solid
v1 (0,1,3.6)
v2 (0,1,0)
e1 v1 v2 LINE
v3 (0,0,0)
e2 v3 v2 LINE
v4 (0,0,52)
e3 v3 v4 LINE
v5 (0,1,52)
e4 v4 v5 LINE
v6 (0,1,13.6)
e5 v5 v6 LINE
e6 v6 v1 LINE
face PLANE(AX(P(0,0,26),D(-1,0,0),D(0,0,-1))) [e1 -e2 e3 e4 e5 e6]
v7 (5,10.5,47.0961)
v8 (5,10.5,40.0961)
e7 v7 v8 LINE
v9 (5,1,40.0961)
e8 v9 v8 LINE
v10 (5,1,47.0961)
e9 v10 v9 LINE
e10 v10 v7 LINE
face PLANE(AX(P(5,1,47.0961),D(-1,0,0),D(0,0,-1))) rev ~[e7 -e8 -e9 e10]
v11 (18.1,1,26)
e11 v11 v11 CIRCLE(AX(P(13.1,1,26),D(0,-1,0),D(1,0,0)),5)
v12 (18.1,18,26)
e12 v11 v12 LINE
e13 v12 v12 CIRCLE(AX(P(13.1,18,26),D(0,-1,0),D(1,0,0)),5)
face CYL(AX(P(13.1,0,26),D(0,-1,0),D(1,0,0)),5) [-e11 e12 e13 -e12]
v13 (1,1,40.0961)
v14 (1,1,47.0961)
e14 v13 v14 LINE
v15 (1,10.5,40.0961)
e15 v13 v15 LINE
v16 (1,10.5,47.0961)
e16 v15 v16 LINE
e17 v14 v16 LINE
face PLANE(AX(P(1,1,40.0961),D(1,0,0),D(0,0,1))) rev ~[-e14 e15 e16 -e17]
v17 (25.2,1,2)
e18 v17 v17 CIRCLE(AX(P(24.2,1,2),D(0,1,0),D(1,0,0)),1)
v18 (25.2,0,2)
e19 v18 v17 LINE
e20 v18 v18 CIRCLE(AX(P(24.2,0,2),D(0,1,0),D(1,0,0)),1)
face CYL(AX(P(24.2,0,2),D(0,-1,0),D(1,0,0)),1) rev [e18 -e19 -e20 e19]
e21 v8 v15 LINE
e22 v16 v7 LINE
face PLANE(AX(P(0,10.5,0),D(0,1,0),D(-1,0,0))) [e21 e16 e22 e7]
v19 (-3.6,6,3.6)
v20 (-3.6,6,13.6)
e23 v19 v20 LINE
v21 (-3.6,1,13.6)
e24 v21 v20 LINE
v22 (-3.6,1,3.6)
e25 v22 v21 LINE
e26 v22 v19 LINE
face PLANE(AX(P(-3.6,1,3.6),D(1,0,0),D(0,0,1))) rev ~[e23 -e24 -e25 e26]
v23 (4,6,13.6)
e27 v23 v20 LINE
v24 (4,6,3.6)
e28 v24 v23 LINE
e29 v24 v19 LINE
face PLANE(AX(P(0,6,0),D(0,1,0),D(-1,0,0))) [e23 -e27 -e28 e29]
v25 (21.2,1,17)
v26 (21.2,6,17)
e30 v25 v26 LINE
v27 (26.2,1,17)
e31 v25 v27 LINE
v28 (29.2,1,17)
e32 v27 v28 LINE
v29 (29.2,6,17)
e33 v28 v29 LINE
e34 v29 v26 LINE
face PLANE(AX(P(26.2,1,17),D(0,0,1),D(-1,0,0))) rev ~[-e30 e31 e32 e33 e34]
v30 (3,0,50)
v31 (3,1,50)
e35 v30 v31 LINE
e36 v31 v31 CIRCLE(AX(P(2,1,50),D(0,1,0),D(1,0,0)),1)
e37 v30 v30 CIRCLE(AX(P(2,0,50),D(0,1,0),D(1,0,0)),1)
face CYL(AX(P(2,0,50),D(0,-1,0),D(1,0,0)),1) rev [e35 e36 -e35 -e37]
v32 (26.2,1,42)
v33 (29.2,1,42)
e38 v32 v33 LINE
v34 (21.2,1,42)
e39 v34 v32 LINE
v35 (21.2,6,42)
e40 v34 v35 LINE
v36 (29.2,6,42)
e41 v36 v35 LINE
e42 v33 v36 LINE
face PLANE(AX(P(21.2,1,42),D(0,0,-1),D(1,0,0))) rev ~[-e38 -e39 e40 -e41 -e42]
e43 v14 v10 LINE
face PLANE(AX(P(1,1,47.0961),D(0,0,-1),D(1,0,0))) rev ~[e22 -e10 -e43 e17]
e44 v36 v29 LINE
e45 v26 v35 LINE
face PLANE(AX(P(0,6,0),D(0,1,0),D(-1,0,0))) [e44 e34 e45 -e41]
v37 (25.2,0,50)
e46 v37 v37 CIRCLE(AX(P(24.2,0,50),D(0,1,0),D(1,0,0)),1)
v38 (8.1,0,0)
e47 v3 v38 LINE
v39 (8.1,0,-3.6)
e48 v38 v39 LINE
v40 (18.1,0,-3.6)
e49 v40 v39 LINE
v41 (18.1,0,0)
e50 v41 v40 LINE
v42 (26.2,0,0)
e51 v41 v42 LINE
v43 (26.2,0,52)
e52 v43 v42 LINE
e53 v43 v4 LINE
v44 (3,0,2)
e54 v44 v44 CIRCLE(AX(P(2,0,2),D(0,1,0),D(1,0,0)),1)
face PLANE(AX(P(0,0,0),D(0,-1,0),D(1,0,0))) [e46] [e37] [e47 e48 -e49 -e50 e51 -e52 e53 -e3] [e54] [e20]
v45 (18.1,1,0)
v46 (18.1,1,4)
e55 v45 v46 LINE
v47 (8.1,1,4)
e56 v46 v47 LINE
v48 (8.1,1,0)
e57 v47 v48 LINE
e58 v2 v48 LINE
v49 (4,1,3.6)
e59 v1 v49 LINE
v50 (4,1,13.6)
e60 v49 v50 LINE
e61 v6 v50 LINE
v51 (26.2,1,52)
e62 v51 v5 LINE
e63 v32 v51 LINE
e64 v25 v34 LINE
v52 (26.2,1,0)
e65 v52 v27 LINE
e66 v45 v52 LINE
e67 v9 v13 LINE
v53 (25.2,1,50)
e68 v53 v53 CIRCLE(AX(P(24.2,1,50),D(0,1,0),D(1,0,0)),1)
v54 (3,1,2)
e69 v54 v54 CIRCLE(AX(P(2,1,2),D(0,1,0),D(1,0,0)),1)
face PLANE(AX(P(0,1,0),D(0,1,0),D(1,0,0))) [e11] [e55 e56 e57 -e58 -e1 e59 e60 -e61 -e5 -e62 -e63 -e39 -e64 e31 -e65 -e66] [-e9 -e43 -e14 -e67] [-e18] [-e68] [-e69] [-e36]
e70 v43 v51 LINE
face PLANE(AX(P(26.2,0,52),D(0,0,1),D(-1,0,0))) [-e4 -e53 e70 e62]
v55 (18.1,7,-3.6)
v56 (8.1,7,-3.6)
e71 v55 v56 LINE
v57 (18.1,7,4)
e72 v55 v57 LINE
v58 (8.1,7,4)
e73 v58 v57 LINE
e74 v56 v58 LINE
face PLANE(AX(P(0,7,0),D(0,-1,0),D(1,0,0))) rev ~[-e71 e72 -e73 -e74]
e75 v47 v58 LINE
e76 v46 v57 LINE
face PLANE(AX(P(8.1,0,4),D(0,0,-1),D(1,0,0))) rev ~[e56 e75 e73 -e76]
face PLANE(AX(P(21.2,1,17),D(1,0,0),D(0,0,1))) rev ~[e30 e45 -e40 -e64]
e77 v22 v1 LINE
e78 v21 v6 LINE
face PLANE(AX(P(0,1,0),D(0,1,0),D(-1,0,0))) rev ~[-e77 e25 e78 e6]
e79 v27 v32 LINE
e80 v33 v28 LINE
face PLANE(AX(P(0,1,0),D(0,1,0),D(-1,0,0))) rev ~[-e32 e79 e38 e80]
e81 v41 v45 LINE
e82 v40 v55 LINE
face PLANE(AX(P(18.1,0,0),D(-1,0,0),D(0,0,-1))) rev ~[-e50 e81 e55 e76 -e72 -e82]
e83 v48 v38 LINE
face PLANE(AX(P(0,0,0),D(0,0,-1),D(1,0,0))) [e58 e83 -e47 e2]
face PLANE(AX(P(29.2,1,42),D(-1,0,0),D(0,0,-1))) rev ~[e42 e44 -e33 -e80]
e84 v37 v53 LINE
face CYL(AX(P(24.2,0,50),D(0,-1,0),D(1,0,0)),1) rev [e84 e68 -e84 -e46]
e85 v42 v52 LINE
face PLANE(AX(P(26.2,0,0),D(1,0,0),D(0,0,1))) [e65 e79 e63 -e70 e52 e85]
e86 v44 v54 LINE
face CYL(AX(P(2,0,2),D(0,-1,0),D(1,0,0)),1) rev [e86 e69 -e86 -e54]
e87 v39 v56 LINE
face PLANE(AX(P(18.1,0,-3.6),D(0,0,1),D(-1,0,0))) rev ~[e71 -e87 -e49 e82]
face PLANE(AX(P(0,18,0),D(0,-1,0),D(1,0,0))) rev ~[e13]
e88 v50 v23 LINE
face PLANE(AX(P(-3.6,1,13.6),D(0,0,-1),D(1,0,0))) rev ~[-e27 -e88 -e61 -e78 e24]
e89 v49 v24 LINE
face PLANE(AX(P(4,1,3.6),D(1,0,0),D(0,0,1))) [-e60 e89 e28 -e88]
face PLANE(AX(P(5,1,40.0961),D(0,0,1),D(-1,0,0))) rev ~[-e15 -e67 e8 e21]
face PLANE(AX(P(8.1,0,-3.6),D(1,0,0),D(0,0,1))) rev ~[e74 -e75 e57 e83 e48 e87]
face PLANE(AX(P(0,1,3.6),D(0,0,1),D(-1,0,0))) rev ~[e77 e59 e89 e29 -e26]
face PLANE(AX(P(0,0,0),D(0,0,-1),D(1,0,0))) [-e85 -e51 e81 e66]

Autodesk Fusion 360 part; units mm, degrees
sketch "Sketch1" plane through (0, 0, 0) normal (0, 1, 0) x (1, 0, 0)
  line L0 (0, 0) -> (26.2, 0)
  line L1 (26.2, 0) -> (26.2, -52)
  line L2 (26.2, -52) -> (0, -52)
  line L3 (0, -52) -> (0, 0)
  circle A0 centre (2, -2) radius 1
  circle A1 centre (24.2, -2) radius 1
  line L4 (0, -26) -> (26.2, -26)
  circle A2 centre (2, -50) radius 1
  circle A3 centre (24.2, -50) radius 1
  dimension "d1" = 52
  dimension "d2" = 26.2
  dimension "d3" = 2
  dimension "d4" = 2
  dimension "d5" = 2
  dimension "d6" = 2
  dimension "d7" = 2
  dimension "d8" = 2
extrude "Extrude1" add sketch "Sketch1" along normal blind 1
sketch "Sketch2" plane through (0, 1, 0) normal (0, 1, 0) x (-1, 0, 0)
  circle A0 centre (-2, 2) radius 1
  circle A1 centre (-24.2, 2) radius 1
  circle A2 centre (-2, 50) radius 1
  circle A3 centre (-24.2, 50) radius 1
  line L0 (0, 52) -> (-26.2, 52)
  line L1 (-26.2, 52) -> (-26.2, 0)
  line L2 (-26.2, 0) -> (0, 0)
  line L3 (0, 0) -> (0, 52)
  line L4 (-1, 47.0961) -> (-5, 47.0961)
  line L5 (-5, 47.0961) -> (-5, 40.0961)
  line L6 (-5, 40.0961) -> (-1, 40.0961)
  line L7 (-1, 40.0961) -> (-1, 47.0961)
  line L8 (-21.2, 42) -> (-29.2, 42)
  line L9 (-29.2, 42) -> (-29.2, 17)
  line L10 (-29.2, 17) -> (-21.2, 17)
  line L11 (-21.2, 17) -> (-21.2, 42)
  line L12 (0, 3.6) -> (-4, 3.6)
  line L13 (-4, 3.6) -> (-4, 13.6)
  line L14 (-4, 13.6) -> (0, 13.6)
  line L15 (0, 13.6) -> (0, 3.6)
  line L16 (0, 3.6) -> (3.6, 3.6)
  line L17 (3.6, 3.6) -> (3.6, 13.6)
  line L18 (3.6, 13.6) -> (0, 13.6)
  line L19 (0, 13.6) -> (0, 3.6)
  dimension "d11" = 4
  dimension "d12" = 7
  dimension "d15" = 3
  dimension "d16" = 25
  dimension "d17" = 8
  dimension "d18" = 10
  dimension "d29" = 4
  dimension "d30" = 10
  dimension "d31" = 3.6
  dimension "d32" = 3.6
extrude "Extrude2" add sketch "Sketch2" along normal blind 9.5 contours L4 L5 L6 L7
extrude "Extrude3" add sketch "Sketch2" along normal blind 5 contours L1 L8 L10 L11 | L1 L8 L9 L10
sketch "Sketch3" plane through (0, 0, 0) normal (0, -1, 0) x (1, 0, 0)
  circle A0 centre (2, 2) radius 1
  circle A1 centre (24.2, 2) radius 1
  circle A2 centre (2, 50) radius 1
  circle A3 centre (24.2, 50) radius 1
  line L0 (26.2, 52) -> (0, 52)
  line L1 (0, 52) -> (0, 0)
  line L2 (0, 0) -> (26.2, 0)
  line L3 (26.2, 0) -> (26.2, 52)
  circle A4 centre (13.1, 26) radius 5
  line L4 (18.1, 0) -> (8.1, 0)
  line L5 (8.1, 0) -> (8.1, 4)
  line L6 (8.1, 4) -> (18.1, 4)
  line L7 (18.1, 4) -> (18.1, 0)
  line L8 (8.1, 0) -> (0, 0)
  line L9 (18.1, 0) -> (26.2, 0)
  line L10 (8.1, 0) -> (18.1, 0)
  line L11 (18.1, 0) -> (18.1, -3.6)
  line L12 (18.1, -3.6) -> (8.1, -3.6)
  line L13 (8.1, -3.6) -> (8.1, 0)
  point P0 (13.1, 26)
  dimension "d21" = 10
  dimension "d24" = 10
  dimension "d25" = 4
  dimension "d26" = 3.6
extrude "Extrude4" add sketch "Sketch3" against normal blind 18 contours A4
extrude "Extrude5" add sketch "Sketch3" against normal blind 7 contours L2 L4 L10 L11 L12 L13 | L2 L4 L5 L6 L7 L10
extrude "Extrude6" add sketch "Sketch2" along normal blind 5 contours L3 L15 L16 L17 L18 L19 | L3 L12 L13 L14 L15 L19
